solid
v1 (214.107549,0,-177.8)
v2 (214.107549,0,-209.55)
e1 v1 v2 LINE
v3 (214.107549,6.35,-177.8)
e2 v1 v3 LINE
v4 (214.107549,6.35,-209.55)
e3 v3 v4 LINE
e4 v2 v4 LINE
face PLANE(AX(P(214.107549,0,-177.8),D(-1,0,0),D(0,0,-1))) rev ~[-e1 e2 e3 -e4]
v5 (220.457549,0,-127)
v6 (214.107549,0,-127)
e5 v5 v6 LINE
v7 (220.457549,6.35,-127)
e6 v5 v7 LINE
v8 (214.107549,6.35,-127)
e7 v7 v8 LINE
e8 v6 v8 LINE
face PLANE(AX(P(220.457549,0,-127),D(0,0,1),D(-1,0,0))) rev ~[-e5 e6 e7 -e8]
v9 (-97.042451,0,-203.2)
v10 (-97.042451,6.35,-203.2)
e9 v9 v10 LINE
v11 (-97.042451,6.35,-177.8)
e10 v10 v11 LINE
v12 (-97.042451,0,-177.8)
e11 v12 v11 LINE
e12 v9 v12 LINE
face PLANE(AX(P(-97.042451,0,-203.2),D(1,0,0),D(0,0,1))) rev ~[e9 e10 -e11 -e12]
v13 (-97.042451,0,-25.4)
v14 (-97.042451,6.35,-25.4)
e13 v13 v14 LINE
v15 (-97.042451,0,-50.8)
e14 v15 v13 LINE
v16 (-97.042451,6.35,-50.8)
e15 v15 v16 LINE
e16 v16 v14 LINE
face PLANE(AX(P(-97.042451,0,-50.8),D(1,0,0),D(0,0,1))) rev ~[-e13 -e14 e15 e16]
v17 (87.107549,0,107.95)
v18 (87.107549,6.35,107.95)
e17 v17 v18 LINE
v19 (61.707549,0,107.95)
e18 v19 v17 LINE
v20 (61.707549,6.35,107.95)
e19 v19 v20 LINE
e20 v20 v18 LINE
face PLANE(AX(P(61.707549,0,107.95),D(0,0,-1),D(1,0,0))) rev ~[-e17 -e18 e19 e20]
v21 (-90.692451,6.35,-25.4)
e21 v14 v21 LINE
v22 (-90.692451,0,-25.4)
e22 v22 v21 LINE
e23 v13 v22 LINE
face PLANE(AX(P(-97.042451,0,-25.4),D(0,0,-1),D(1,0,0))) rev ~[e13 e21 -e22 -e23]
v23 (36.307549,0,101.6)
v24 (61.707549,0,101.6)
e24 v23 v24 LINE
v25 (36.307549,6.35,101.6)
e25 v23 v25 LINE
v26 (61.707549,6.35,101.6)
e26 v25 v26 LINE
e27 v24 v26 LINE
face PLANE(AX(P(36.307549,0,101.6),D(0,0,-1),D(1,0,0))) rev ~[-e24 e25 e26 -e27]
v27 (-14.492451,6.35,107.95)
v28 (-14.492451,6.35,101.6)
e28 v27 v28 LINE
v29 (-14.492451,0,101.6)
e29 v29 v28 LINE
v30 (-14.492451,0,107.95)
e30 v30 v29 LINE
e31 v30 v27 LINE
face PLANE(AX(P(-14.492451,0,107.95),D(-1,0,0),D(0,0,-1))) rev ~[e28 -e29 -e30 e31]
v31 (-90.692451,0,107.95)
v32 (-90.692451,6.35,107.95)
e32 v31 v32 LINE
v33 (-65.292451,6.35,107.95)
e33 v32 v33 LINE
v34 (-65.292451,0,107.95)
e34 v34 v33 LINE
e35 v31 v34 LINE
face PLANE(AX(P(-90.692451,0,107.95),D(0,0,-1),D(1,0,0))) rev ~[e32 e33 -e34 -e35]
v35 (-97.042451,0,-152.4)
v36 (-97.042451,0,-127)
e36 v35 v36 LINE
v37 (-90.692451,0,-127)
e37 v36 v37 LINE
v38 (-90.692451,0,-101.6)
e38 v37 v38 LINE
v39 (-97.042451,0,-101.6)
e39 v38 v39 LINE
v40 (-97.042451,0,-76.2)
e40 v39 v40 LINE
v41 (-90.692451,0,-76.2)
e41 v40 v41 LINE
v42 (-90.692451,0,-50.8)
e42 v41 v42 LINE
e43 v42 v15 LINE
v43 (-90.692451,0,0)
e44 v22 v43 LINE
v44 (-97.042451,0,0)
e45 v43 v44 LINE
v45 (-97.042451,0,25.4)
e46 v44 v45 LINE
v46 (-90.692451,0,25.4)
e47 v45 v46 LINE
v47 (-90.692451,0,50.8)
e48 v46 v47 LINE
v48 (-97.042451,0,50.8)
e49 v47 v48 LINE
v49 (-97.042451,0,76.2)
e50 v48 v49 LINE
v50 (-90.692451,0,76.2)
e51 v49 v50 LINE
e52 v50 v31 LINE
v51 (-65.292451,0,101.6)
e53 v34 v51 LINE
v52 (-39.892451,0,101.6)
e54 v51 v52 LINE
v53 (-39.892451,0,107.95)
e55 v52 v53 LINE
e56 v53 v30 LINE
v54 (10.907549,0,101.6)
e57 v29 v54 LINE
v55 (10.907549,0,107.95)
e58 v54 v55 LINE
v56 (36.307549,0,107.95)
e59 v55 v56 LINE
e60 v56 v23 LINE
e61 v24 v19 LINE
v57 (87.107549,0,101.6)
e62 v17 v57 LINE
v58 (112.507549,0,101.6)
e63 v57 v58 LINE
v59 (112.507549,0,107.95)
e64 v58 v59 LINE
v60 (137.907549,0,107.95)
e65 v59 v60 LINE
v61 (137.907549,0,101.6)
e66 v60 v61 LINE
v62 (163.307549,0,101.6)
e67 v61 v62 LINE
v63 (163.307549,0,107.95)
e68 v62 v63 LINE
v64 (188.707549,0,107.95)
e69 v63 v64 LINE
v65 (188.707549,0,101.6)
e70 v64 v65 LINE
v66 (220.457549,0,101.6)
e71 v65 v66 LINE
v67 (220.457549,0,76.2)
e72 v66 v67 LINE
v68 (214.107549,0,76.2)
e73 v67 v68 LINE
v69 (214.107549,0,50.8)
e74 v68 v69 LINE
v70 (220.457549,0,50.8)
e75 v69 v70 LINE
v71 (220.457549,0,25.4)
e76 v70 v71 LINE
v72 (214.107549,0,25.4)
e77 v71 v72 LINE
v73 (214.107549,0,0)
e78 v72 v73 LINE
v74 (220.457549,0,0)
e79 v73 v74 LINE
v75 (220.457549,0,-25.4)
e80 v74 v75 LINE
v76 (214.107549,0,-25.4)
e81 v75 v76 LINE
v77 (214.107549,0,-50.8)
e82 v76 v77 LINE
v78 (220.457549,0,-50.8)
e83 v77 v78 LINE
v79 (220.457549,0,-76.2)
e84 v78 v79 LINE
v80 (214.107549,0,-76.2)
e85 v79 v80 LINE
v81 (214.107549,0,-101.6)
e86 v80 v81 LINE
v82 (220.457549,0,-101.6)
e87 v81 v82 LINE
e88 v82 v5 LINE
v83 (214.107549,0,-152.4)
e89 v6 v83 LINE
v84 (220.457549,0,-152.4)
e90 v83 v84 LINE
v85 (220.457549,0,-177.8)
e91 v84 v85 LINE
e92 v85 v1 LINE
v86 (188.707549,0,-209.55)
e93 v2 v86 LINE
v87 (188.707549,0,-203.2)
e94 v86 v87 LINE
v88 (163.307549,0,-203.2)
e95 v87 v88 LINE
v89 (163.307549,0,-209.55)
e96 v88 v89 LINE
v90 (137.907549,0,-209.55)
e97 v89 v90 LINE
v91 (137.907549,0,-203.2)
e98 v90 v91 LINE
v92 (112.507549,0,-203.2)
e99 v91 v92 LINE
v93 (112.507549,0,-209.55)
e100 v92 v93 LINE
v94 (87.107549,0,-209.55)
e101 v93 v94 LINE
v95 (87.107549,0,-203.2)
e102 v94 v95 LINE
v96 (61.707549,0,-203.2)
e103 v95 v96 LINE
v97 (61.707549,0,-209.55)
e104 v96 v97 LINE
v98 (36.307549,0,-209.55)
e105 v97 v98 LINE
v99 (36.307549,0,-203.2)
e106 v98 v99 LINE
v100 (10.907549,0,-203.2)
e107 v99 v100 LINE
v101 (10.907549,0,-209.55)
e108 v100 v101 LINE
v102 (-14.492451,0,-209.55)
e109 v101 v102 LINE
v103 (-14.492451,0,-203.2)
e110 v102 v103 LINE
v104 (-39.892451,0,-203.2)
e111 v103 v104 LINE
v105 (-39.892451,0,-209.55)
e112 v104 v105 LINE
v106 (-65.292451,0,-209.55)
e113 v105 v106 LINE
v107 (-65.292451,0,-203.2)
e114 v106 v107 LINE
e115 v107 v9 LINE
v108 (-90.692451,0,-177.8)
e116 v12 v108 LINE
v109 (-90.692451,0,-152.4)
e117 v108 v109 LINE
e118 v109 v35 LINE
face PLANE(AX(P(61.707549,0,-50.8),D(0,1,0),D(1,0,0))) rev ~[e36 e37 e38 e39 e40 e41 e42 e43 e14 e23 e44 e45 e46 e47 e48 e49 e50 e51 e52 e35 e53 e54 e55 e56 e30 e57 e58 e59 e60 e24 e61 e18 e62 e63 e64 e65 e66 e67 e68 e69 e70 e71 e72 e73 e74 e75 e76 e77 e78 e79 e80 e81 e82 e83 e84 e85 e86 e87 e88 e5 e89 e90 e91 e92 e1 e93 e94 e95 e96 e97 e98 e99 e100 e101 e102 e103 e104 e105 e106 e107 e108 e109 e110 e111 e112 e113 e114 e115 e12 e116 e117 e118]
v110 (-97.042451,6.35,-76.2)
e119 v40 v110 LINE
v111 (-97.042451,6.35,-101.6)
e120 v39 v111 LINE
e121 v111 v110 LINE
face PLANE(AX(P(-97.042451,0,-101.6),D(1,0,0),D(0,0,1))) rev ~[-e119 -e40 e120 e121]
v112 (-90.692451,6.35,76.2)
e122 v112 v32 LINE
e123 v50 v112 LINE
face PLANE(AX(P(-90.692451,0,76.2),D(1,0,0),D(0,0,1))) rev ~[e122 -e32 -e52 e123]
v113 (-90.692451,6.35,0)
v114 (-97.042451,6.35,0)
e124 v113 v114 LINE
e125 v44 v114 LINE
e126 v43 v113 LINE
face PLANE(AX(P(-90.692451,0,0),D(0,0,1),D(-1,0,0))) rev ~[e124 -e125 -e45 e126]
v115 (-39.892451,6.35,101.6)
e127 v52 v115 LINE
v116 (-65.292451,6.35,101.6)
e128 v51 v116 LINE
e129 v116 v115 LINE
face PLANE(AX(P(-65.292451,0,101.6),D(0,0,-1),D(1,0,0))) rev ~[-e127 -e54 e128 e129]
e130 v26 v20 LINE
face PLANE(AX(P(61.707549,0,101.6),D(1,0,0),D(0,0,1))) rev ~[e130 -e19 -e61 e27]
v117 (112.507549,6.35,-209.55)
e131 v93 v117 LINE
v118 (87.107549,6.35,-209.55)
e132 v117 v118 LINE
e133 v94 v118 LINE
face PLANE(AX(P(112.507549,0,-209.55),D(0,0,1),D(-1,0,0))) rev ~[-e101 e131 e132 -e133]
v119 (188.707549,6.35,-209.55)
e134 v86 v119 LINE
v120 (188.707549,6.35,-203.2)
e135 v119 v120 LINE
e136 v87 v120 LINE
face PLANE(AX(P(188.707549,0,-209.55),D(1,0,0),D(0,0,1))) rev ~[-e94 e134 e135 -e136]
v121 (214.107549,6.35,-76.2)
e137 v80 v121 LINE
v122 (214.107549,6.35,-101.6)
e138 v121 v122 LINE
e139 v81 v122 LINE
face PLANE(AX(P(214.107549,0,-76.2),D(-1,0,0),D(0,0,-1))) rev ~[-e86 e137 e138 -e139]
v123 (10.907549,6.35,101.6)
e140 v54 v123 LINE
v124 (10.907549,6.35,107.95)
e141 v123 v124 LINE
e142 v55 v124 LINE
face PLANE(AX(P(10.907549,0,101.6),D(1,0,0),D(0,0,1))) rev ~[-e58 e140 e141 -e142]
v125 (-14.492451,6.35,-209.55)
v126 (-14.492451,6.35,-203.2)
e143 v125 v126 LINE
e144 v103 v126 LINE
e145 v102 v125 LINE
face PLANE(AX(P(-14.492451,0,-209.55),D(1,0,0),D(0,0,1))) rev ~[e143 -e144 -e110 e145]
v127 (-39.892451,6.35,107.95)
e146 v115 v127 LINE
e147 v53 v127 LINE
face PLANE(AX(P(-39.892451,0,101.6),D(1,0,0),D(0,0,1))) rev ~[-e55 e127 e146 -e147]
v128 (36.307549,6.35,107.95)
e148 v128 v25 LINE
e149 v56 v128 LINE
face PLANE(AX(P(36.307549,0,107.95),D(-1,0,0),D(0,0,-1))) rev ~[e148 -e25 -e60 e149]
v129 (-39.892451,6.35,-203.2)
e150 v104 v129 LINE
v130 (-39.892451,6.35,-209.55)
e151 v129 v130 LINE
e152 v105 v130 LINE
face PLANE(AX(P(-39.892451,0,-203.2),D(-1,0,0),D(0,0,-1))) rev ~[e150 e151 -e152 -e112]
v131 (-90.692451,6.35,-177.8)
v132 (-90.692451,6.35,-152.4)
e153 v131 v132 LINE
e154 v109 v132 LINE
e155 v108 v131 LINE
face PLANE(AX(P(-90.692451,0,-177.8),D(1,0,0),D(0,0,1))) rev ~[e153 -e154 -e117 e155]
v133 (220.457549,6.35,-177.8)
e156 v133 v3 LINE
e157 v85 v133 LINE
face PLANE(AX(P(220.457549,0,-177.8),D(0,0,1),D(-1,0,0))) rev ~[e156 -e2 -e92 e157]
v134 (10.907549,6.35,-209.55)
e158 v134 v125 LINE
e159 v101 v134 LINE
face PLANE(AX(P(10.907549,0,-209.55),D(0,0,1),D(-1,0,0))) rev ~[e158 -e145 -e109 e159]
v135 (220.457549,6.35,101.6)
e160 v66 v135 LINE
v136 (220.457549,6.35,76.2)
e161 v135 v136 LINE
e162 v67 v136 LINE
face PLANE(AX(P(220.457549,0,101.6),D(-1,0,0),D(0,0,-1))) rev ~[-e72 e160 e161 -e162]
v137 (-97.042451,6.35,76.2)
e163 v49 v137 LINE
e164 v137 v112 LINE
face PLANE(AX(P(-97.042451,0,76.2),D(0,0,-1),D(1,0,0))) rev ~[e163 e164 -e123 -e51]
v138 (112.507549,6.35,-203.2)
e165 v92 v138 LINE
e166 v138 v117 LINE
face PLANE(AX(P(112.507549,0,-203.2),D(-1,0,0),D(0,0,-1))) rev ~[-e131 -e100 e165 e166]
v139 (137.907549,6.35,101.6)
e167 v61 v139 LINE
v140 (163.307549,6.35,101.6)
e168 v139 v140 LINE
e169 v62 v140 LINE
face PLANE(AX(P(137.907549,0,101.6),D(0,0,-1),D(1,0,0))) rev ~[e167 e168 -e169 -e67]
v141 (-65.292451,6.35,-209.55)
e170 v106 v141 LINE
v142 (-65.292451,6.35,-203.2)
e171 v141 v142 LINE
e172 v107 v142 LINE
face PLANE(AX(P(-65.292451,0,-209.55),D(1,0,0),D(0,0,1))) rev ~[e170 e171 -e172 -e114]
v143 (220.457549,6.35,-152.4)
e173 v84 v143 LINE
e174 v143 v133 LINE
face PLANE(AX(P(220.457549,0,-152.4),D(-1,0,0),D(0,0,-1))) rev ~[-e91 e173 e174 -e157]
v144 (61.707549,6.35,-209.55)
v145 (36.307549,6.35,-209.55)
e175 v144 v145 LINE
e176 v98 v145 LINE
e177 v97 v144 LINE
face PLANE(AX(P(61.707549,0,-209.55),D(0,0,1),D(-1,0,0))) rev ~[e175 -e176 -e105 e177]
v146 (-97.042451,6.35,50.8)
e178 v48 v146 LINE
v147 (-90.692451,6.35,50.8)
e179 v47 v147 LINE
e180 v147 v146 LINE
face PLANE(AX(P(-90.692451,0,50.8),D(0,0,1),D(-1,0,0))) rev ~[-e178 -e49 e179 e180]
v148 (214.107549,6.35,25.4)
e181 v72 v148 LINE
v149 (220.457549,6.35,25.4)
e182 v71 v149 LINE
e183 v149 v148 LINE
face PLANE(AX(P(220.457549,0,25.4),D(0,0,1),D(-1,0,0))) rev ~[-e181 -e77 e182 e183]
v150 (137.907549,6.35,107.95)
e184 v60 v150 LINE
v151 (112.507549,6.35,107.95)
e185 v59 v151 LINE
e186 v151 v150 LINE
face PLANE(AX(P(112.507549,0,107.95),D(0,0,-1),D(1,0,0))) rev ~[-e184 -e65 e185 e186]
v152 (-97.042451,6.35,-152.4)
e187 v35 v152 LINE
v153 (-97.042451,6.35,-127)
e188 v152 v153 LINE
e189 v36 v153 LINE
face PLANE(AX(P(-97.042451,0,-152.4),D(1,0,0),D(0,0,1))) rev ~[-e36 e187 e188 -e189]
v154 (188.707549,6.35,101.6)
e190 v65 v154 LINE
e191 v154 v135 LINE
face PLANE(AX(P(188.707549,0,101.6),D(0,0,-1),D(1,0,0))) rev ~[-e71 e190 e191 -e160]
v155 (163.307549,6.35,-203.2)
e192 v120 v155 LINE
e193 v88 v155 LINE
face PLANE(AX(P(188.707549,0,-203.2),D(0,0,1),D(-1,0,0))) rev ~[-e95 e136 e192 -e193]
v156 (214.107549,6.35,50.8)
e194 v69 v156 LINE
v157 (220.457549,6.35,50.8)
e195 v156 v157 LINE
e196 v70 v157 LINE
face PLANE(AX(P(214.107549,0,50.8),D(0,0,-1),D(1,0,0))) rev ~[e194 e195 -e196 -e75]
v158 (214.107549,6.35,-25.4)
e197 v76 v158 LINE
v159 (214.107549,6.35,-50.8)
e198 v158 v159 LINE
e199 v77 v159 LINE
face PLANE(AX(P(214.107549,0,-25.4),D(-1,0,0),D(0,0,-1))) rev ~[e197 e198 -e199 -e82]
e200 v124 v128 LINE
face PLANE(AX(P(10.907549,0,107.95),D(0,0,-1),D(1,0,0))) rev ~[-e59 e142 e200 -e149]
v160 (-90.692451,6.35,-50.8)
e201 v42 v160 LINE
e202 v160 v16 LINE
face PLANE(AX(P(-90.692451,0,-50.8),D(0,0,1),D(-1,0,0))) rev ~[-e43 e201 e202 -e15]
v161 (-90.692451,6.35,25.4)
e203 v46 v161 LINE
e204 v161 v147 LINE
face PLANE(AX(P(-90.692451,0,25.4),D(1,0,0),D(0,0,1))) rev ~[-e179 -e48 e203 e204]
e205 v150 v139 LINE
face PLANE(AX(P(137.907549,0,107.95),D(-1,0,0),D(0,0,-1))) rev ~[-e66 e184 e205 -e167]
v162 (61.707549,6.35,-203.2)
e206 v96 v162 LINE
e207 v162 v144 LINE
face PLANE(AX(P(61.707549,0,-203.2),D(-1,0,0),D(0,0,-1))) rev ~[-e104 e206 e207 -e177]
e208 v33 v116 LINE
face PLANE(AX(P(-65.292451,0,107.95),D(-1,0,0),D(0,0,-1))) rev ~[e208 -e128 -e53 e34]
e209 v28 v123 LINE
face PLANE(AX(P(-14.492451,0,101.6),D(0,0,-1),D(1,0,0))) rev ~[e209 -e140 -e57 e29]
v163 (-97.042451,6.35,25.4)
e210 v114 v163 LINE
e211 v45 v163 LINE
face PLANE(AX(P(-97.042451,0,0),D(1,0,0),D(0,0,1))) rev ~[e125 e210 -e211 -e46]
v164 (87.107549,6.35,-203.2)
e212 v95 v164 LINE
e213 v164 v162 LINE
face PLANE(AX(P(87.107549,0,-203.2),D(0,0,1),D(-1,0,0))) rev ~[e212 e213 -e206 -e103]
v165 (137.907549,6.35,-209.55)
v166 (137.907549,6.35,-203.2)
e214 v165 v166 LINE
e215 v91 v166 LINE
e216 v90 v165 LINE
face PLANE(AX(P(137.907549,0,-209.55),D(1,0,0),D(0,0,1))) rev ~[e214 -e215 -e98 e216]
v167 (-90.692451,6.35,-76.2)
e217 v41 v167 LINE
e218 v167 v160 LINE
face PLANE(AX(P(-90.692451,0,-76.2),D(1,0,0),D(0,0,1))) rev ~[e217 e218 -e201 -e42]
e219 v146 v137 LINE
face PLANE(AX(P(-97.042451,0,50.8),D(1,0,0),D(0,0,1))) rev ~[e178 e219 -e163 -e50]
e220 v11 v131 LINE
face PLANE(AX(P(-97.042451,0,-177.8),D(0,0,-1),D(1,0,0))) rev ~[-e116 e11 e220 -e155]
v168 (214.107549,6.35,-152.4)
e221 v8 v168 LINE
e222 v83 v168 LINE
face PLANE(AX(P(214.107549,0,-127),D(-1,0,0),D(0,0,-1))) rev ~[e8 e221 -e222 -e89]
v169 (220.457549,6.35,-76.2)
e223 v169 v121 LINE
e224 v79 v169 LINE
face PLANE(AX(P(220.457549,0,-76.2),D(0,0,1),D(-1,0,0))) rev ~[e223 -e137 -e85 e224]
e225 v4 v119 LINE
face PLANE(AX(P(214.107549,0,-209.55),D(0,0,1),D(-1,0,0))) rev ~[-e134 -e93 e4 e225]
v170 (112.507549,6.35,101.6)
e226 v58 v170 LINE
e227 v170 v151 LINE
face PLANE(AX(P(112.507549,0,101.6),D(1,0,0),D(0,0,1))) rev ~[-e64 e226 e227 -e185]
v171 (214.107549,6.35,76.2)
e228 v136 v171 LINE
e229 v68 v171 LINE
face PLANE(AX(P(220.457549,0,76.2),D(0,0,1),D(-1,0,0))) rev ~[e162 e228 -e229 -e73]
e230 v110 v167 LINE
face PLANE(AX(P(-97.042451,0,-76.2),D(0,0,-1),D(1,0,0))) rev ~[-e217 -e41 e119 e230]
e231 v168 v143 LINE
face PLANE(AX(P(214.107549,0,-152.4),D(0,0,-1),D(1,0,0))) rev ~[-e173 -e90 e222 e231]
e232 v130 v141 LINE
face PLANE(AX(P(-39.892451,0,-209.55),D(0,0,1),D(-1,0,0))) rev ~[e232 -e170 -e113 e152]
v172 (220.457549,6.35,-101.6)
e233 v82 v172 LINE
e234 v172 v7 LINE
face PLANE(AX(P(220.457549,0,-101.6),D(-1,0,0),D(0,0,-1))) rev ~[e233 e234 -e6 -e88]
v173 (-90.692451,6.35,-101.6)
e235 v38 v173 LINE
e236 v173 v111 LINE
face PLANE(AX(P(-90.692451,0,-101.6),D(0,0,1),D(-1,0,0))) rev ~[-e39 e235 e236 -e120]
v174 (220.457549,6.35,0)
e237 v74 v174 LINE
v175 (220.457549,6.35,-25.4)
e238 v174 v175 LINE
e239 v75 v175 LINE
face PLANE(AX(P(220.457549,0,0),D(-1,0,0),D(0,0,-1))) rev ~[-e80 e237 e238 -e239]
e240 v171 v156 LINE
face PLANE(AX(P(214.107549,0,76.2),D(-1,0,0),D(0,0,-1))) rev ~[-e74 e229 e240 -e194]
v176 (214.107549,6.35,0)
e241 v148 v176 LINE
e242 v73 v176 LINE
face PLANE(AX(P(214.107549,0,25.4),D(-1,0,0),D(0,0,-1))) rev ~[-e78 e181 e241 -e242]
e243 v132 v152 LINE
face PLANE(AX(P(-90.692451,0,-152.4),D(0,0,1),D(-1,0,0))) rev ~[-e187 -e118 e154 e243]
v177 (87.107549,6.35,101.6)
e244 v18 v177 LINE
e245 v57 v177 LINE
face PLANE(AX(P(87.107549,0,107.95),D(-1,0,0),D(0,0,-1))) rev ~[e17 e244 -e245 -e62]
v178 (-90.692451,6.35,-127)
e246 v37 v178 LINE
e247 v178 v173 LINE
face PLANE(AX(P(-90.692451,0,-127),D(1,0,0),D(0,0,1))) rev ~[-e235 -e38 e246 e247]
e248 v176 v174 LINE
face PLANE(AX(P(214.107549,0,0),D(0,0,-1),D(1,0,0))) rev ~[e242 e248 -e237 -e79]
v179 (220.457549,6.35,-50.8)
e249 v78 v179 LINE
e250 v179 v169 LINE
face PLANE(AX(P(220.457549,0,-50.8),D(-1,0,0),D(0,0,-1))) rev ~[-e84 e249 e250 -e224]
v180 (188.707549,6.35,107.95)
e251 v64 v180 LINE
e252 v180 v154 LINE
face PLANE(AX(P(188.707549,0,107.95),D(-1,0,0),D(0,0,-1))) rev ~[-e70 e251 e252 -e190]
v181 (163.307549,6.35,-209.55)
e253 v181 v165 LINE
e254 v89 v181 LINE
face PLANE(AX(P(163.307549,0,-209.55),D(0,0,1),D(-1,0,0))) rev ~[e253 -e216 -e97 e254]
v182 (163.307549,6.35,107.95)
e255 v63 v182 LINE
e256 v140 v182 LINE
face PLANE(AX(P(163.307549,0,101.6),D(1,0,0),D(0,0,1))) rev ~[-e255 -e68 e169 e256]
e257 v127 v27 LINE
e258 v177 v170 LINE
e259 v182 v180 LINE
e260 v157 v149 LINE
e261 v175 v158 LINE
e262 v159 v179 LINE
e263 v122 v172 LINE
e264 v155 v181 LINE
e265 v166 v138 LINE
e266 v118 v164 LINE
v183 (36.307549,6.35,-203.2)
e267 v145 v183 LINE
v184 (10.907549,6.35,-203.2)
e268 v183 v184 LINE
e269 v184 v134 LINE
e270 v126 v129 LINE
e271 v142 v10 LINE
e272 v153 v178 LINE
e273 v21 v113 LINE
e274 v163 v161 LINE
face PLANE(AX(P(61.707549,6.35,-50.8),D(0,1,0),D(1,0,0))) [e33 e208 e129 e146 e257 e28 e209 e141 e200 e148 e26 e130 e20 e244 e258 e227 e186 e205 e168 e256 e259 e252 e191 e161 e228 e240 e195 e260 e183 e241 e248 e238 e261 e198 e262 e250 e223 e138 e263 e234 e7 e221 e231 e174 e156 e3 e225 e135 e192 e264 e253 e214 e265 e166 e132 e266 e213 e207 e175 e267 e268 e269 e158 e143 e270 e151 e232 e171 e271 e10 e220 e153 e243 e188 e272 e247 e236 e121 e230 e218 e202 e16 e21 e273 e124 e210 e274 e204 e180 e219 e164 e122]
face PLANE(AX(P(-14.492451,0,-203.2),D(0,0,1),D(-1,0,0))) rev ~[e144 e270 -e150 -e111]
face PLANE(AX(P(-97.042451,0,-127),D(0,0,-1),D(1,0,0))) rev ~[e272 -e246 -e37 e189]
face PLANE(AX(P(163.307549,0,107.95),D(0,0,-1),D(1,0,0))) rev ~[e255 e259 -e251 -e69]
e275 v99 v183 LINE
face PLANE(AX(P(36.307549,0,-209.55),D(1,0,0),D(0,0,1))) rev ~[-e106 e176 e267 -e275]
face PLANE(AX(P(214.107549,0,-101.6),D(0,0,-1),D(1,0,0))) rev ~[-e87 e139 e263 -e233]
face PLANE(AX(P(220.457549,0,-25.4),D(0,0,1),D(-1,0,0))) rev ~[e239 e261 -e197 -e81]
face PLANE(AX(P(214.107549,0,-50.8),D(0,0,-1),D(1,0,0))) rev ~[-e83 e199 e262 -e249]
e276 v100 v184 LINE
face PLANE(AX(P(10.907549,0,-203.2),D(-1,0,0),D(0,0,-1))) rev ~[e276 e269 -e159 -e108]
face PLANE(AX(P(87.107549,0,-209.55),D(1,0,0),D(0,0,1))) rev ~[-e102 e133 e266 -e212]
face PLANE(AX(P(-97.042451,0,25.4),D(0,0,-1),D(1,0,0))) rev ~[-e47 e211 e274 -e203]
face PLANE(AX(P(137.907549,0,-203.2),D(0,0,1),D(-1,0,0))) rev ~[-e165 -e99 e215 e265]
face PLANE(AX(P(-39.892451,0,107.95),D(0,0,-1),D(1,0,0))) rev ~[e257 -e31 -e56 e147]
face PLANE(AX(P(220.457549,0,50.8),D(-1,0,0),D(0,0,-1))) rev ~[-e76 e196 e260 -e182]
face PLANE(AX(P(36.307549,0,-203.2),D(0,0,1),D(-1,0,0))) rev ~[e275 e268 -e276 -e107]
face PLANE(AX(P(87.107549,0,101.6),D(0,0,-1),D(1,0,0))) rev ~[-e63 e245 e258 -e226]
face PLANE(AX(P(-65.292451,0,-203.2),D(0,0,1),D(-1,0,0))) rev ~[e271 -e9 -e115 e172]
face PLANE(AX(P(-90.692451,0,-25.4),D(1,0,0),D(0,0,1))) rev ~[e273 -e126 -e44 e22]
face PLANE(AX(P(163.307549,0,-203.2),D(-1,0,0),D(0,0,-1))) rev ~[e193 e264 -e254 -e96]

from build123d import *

# Parameters (mm, degrees)
BOSS_EXTRUDE1_DEPTH = 6.35


with BuildPart() as part:
    # Sketch1 → Boss-Extrude1 (new body)
    with BuildSketch(Plane(origin=(0, 0, 0), x_dir=(1, 0, 0), z_dir=(0, 1, 0))):
        Polygon((-65.292450766, -101.6), (-39.892450766, -101.6), (-39.892450766, -107.95), (-14.492450766, -107.95), (-14.492450766, -101.6), (10.907549234, -101.6), (10.907549234, -107.95), (36.307549234, -107.95), (36.307549234, -101.6), (61.707549234, -101.6), (61.707549234, -107.95), (87.107549234, -107.95), (87.107549234, -101.6), (112.507549234, -101.6), (112.507549234, -107.95), (137.907549234, -107.95), (137.907549234, -101.6), (163.307549234, -101.6), (163.307549234, -107.95), (188.707549234, -107.95), (188.707549234, -101.6), (220.457549234, -101.6), (220.457549234, -76.2), (214.107549234, -76.2), (214.107549234, -50.8), (220.457549234, -50.8), (220.457549234, -25.4), (214.107549234, -25.4), (214.107549234, 0), (220.457549234, 0), (220.457549234, 25.4), (214.107549234, 25.4), (214.107549234, 50.8), (220.457549234, 50.8), (220.457549234, 76.2), (214.107549234, 76.2), (214.107549234, 101.6), (220.457549234, 101.6), (220.457549234, 127), (214.107549234, 127), (214.107549234, 152.4), (220.457549234, 152.4), (220.457549234, 177.8), (214.107549234, 177.8), (214.107549234, 209.55), (188.707549234, 209.55), (188.707549234, 203.2), (163.307549234, 203.2), (163.307549234, 209.55), (137.907549234, 209.55), (137.907549234, 203.2), (112.507549234, 203.2), (112.507549234, 209.55), (87.107549234, 209.55), (87.107549234, 203.2), (61.707549234, 203.2), (61.707549234, 209.55), (36.307549234, 209.55), (36.307549234, 203.2), (10.907549234, 203.2), (10.907549234, 209.55), (-14.492450766, 209.55), (-14.492450766, 203.2), (-39.892450766, 203.2), (-39.892450766, 209.55), (-65.292450766, 209.55), (-65.292450766, 203.2), (-97.042450766, 203.2), (-97.042450766, 177.8), (-90.692450766, 177.8), (-90.692450766, 152.4), (-97.042450766, 152.4), (-97.042450766, 127), (-90.692450766, 127), (-90.692450766, 101.6), (-97.042450766, 101.6), (-97.042450766, 76.2), (-90.692450766, 76.2), (-90.692450766, 50.8), (-97.042450766, 50.8), (-97.042450766, 25.4), (-90.692450766, 25.4), (-90.692450766, 0), (-97.042450766, 0), (-97.042450766, -25.4), (-90.692450766, -25.4), (-90.692450766, -50.8), (-97.042450766, -50.8), (-97.042450766, -76.2), (-90.692450766, -76.2), (-90.692450766, -107.95), (-65.292450766, -107.95), align=None)
    extrude(amount=BOSS_EXTRUDE1_DEPTH)


solid = part.part
